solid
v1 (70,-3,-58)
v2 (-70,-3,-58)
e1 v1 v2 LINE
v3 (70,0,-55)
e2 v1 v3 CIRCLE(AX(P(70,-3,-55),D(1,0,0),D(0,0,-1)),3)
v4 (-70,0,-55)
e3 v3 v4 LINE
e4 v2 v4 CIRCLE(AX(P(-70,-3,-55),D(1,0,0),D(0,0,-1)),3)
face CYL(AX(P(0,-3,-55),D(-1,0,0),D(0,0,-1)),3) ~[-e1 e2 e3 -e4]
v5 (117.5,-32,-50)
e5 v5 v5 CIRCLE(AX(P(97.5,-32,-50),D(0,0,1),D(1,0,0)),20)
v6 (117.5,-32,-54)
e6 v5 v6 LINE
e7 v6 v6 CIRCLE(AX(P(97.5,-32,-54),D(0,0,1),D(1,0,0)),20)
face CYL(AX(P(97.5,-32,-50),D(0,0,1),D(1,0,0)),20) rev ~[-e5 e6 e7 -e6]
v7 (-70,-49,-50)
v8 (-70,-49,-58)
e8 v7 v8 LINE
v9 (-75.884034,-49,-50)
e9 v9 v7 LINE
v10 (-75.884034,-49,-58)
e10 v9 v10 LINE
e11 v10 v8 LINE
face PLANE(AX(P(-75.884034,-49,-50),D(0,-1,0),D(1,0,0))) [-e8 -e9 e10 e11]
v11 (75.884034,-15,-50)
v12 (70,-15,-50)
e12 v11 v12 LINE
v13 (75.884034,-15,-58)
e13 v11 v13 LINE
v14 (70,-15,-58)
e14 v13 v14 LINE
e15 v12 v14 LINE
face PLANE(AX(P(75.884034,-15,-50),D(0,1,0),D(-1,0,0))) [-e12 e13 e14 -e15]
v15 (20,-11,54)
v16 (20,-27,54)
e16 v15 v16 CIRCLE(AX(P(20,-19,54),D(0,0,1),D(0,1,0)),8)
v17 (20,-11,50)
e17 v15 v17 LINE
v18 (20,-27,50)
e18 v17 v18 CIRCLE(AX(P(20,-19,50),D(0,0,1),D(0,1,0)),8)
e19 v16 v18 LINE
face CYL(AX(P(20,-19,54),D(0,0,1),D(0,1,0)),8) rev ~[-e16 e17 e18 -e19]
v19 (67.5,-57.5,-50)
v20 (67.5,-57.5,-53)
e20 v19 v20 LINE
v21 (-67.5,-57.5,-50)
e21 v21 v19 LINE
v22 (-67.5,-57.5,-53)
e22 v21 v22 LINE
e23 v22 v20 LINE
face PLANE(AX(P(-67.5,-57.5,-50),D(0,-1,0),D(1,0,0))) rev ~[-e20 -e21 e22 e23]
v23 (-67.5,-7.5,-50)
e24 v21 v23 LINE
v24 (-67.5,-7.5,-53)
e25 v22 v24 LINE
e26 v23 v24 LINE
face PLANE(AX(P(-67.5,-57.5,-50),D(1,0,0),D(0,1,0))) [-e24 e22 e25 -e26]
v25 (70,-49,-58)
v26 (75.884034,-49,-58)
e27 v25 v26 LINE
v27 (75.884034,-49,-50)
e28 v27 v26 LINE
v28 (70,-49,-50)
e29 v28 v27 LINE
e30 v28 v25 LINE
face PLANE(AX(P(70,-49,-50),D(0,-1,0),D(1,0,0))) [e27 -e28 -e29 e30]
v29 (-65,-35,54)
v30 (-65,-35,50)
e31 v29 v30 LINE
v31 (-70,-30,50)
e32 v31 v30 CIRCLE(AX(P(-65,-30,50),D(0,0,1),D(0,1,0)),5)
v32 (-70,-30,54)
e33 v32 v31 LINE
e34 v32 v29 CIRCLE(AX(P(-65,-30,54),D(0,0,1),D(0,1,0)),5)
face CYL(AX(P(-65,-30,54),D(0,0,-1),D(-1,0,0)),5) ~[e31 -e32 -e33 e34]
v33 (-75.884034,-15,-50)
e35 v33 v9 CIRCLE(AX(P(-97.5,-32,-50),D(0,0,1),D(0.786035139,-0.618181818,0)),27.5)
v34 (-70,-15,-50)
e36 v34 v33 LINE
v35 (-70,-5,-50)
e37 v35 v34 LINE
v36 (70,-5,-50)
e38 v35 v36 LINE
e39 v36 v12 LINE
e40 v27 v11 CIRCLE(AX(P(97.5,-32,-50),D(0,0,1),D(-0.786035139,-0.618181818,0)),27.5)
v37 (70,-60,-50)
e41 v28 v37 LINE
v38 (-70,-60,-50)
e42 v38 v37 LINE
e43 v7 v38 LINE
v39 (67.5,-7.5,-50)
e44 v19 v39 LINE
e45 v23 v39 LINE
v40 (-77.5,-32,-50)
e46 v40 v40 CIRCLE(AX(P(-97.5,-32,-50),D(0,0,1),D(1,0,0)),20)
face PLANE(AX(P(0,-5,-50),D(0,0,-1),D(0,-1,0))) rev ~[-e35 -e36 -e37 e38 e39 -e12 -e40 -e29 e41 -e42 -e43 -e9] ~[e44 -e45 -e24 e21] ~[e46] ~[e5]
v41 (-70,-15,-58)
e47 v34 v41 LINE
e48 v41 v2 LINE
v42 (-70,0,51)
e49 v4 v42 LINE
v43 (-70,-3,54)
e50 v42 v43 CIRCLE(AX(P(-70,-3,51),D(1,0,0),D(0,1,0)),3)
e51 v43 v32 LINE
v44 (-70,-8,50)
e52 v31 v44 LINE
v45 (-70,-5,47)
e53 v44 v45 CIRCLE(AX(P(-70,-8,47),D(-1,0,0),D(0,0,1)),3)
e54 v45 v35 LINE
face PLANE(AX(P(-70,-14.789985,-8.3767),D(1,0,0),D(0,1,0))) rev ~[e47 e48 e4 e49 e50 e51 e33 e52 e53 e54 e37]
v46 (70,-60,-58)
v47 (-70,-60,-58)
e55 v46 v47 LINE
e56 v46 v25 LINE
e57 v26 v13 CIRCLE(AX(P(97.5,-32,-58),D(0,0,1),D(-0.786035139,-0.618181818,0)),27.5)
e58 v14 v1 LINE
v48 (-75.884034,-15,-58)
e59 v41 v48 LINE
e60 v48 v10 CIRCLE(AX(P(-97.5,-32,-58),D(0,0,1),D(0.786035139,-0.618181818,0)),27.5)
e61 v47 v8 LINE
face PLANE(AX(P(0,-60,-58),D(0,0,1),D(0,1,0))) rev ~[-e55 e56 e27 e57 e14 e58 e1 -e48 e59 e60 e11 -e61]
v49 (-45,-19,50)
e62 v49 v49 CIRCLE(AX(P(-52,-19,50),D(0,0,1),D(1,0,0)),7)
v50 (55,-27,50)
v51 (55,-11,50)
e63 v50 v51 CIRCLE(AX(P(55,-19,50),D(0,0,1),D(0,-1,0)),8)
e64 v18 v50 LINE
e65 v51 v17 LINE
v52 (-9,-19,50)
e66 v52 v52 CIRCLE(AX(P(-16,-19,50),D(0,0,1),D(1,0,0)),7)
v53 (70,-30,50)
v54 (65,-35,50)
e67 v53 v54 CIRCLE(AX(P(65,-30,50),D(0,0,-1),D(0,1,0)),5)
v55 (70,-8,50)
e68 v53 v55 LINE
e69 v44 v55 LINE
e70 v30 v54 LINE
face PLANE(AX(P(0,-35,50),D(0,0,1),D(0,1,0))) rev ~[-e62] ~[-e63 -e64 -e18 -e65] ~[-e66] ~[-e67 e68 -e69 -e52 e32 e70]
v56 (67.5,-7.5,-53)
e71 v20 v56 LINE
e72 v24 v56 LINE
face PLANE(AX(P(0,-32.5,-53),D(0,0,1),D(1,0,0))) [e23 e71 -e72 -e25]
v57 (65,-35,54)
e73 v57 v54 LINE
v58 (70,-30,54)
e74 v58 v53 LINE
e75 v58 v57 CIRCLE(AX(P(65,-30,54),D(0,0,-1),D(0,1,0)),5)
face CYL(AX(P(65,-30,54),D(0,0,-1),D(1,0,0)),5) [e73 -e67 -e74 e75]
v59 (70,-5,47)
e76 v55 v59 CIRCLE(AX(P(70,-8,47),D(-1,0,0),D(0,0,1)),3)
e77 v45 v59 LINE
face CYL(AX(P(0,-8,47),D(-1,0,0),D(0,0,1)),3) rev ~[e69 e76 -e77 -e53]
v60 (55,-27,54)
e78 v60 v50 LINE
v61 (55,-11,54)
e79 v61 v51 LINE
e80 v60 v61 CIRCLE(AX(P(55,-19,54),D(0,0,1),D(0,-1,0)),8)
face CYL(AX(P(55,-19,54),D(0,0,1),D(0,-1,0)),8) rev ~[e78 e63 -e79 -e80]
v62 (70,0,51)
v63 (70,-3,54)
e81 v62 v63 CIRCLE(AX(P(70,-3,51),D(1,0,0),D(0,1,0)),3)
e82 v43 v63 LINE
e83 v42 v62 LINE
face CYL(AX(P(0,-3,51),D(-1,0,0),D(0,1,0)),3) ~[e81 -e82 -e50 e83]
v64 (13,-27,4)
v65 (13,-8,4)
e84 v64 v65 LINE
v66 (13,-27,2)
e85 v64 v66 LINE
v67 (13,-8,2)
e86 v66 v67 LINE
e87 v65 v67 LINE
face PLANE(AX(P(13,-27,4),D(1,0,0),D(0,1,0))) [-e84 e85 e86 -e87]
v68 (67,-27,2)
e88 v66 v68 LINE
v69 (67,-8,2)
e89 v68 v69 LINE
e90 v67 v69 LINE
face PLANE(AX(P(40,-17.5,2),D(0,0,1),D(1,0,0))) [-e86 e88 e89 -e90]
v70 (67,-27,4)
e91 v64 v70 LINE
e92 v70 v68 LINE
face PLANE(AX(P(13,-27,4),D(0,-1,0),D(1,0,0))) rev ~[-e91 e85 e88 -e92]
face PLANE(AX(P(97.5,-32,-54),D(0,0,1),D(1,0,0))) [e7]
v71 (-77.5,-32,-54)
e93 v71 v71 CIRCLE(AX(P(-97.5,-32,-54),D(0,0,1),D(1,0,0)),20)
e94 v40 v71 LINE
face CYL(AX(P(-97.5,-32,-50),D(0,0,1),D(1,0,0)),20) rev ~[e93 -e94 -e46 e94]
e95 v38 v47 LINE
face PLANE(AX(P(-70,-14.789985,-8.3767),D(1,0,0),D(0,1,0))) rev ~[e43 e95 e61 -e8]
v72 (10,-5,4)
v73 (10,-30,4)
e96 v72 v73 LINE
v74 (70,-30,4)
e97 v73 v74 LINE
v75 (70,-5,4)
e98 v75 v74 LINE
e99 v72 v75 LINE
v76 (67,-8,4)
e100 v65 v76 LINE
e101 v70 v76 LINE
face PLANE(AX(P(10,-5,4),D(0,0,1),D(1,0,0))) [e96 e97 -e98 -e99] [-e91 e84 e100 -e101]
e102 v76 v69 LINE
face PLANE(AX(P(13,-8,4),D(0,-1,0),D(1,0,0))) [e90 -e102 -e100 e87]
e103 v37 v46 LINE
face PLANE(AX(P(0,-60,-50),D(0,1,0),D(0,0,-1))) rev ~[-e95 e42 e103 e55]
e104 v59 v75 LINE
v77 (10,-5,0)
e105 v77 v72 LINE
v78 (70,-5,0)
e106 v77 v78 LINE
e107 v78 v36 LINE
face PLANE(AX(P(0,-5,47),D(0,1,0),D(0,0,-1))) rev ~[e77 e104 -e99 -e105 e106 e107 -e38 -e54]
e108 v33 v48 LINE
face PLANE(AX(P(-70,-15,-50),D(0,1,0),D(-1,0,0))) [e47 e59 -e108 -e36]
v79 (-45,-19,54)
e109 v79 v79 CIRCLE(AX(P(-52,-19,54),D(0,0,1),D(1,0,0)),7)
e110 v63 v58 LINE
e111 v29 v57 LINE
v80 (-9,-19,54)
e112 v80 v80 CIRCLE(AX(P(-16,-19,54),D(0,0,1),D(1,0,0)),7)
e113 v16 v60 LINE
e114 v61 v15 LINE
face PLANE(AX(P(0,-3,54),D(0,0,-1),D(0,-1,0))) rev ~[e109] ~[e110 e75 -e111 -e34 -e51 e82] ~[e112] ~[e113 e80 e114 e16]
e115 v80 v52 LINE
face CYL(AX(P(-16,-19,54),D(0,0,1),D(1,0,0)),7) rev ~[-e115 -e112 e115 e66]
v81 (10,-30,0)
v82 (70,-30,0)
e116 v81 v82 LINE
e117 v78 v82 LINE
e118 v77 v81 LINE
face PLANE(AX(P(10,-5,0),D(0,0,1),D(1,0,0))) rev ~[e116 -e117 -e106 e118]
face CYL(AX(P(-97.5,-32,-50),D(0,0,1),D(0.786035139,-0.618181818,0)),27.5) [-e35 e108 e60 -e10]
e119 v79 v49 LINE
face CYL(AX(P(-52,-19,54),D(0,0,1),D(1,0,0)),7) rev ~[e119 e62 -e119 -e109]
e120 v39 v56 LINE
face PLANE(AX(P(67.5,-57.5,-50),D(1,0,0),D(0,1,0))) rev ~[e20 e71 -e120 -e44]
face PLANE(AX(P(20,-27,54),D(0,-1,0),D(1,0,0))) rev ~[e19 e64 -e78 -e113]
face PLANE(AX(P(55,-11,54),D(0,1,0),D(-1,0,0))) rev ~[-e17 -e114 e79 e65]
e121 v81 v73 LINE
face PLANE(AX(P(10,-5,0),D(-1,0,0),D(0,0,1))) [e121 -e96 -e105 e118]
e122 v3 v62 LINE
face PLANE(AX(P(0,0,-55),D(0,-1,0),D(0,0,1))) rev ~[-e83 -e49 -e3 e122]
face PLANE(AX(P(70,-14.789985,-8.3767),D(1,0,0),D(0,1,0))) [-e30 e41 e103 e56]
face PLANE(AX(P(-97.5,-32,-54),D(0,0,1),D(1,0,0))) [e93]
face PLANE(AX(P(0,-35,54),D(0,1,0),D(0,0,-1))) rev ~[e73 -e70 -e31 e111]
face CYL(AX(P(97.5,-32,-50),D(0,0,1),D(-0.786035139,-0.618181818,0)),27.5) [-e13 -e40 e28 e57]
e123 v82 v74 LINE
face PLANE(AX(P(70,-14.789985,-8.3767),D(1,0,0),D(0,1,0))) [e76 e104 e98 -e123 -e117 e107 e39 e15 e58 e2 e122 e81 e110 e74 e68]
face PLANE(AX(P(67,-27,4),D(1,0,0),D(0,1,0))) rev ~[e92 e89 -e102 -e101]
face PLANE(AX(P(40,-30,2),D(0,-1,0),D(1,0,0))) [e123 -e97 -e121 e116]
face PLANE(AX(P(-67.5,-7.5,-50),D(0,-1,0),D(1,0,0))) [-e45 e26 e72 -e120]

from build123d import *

# Parameters (mm, degrees)
F1_DEPTH      = 70
F1_DEPTH_BACK = 70
F2_R          = 7
F3_DEPTH      = 4
F4_W          = 135
F4_H          = 50
F5_DEPTH      = 3
F7_DEPTH      = 8
F8_R          = 20
F9_DEPTH      = 4
F10_W         = 60
F10_H         = 4
F11_DEPTH     = 25
F12_W         = 54
F12_H         = 19
F13_DEPTH     = 2
F14_R         = 5


with BuildPart() as f1:
    # F0 (on Right) → F1 (new body, two sides)
    with BuildSketch(Plane.YZ) as f1_sk:
        with BuildLine():
            Line((0, -55), (0, 51))
            ThreePointArc((0, 51), (-0.8786796564, 53.1213203436), (-3, 54))
            Line((-3, 54), (-35, 54))
            Line((-35, 54), (-35, 50))
            Line((-35, 50), (-8, 50))
            ThreePointArc((-8, 50), (-5.8786796564, 49.1213203436), (-5, 47))
            Line((-5, 47), (-5, -50))
            Line((-5, -50), (-60, -50))
            Line((-60, -50), (-60, -58))
            Line((-60, -58), (-3, -58))
            ThreePointArc((-3, -58), (-0.8786796564, -57.1213203436), (0, -55))
        make_face()
    extrude(amount=-F1_DEPTH)
    extrude(f1_sk.sketch, amount=F1_DEPTH_BACK)

    # F2 (on face) → F3 (cut, through all)
    with BuildSketch(Plane.XY.offset(54)):
        with BuildLine():
            Line((55, -11), (20, -11))
            ThreePointArc((20, -11), (12, -19), (20, -27))
            Line((20, -27), (55, -27))
            ThreePointArc((55, -27), (63, -19), (55, -11))
        make_face()
        with Locations((-16, -19)):
            Circle(F2_R)
        with Locations((-52, -19)):
            Circle(F2_R)
    extrude(amount=-F3_DEPTH, mode=Mode.SUBTRACT)

    # F4 (on face) → F5 (cut)
    with BuildSketch(Plane.XY.offset(-50)):
        with Locations((0, -32.5)):
            Rectangle(F4_W, F4_H)
    extrude(amount=-F5_DEPTH, mode=Mode.SUBTRACT)

    # F6 (on face) → F7 (join)
    with BuildSketch(Plane.XY.offset(-50)):
        with BuildLine():
            Line((70, -32), (70, -49))
            Line((70, -49), (75.8840336788, -49))
            ThreePointArc((75.8840336788, -49), (71.5126081163, -40.9947464157), (70, -32))
        make_face()
        with BuildLine():
            ThreePointArc((70, -32), (71.5126081163, -40.9947464157), (75.8840336788, -49))
            ThreePointArc((75.8840336788, -49), (106.4947464157, -57.9873918837), (125, -32))
            ThreePointArc((125, -32), (106.4947464157, -6.0126081163), (75.8840336788, -15))
            ThreePointArc((75.8840336788, -15), (71.5126081163, -23.0052535843), (70, -32))
        make_face()
        with BuildLine():
            Line((70, -15), (70, -32))
            ThreePointArc((70, -32), (71.5126081163, -23.0052535843), (75.8840336788, -15))
            Line((75.8840336788, -15), (70, -15))
        make_face()
        with BuildLine():
            ThreePointArc((-75.8840336788, -49), (-71.5126081163, -40.9947464157), (-70, -32))
            ThreePointArc((-70, -32), (-71.5126081163, -23.0052535843), (-75.8840336788, -15))
            ThreePointArc((-75.8840336788, -15), (-125, -32), (-75.8840336788, -49))
        make_face()
        with BuildLine():
            Line((-70, -49), (-70, -32))
            ThreePointArc((-70, -32), (-71.5126081163, -40.9947464157), (-75.8840336788, -49))
            Line((-75.8840336788, -49), (-70, -49))
        make_face()
        with BuildLine():
            ThreePointArc((-75.8840336788, -15), (-71.5126081163, -23.0052535843), (-70, -32))
            Line((-70, -32), (-70, -15))
            Line((-70, -15), (-75.8840336788, -15))
        make_face()
    extrude(amount=-F7_DEPTH)

    # F8 (on face) → F9 (cut)
    with BuildSketch(Plane.XY.offset(-50)):
        with Locations((-97.5, -32)):
            Circle(F8_R)
        with Locations((97.5, -32)):
            Circle(F8_R)
    extrude(amount=-F9_DEPTH, mode=Mode.SUBTRACT)

    # F10 (on face) → F11 (join)
    with BuildSketch(Plane.XZ.offset(5)):
        with Locations((40, 2)):
            Rectangle(F10_W, F10_H)
    extrude(amount=F11_DEPTH)

    # F12 (on face) → F13 (cut)
    with BuildSketch(Plane.XY.offset(4)):
        with Locations((40, -17.5)):
            Rectangle(F12_W, F12_H)
    extrude(amount=-F13_DEPTH, mode=Mode.SUBTRACT)

    # F14
    f14_edges = [f1.edges().sort_by_distance(p)[0] for p in [
        (-70, -35, 52),
        (70, -35, 52),
    ]]
    fillet(f14_edges, radius=F14_R)


solid = f1.part
